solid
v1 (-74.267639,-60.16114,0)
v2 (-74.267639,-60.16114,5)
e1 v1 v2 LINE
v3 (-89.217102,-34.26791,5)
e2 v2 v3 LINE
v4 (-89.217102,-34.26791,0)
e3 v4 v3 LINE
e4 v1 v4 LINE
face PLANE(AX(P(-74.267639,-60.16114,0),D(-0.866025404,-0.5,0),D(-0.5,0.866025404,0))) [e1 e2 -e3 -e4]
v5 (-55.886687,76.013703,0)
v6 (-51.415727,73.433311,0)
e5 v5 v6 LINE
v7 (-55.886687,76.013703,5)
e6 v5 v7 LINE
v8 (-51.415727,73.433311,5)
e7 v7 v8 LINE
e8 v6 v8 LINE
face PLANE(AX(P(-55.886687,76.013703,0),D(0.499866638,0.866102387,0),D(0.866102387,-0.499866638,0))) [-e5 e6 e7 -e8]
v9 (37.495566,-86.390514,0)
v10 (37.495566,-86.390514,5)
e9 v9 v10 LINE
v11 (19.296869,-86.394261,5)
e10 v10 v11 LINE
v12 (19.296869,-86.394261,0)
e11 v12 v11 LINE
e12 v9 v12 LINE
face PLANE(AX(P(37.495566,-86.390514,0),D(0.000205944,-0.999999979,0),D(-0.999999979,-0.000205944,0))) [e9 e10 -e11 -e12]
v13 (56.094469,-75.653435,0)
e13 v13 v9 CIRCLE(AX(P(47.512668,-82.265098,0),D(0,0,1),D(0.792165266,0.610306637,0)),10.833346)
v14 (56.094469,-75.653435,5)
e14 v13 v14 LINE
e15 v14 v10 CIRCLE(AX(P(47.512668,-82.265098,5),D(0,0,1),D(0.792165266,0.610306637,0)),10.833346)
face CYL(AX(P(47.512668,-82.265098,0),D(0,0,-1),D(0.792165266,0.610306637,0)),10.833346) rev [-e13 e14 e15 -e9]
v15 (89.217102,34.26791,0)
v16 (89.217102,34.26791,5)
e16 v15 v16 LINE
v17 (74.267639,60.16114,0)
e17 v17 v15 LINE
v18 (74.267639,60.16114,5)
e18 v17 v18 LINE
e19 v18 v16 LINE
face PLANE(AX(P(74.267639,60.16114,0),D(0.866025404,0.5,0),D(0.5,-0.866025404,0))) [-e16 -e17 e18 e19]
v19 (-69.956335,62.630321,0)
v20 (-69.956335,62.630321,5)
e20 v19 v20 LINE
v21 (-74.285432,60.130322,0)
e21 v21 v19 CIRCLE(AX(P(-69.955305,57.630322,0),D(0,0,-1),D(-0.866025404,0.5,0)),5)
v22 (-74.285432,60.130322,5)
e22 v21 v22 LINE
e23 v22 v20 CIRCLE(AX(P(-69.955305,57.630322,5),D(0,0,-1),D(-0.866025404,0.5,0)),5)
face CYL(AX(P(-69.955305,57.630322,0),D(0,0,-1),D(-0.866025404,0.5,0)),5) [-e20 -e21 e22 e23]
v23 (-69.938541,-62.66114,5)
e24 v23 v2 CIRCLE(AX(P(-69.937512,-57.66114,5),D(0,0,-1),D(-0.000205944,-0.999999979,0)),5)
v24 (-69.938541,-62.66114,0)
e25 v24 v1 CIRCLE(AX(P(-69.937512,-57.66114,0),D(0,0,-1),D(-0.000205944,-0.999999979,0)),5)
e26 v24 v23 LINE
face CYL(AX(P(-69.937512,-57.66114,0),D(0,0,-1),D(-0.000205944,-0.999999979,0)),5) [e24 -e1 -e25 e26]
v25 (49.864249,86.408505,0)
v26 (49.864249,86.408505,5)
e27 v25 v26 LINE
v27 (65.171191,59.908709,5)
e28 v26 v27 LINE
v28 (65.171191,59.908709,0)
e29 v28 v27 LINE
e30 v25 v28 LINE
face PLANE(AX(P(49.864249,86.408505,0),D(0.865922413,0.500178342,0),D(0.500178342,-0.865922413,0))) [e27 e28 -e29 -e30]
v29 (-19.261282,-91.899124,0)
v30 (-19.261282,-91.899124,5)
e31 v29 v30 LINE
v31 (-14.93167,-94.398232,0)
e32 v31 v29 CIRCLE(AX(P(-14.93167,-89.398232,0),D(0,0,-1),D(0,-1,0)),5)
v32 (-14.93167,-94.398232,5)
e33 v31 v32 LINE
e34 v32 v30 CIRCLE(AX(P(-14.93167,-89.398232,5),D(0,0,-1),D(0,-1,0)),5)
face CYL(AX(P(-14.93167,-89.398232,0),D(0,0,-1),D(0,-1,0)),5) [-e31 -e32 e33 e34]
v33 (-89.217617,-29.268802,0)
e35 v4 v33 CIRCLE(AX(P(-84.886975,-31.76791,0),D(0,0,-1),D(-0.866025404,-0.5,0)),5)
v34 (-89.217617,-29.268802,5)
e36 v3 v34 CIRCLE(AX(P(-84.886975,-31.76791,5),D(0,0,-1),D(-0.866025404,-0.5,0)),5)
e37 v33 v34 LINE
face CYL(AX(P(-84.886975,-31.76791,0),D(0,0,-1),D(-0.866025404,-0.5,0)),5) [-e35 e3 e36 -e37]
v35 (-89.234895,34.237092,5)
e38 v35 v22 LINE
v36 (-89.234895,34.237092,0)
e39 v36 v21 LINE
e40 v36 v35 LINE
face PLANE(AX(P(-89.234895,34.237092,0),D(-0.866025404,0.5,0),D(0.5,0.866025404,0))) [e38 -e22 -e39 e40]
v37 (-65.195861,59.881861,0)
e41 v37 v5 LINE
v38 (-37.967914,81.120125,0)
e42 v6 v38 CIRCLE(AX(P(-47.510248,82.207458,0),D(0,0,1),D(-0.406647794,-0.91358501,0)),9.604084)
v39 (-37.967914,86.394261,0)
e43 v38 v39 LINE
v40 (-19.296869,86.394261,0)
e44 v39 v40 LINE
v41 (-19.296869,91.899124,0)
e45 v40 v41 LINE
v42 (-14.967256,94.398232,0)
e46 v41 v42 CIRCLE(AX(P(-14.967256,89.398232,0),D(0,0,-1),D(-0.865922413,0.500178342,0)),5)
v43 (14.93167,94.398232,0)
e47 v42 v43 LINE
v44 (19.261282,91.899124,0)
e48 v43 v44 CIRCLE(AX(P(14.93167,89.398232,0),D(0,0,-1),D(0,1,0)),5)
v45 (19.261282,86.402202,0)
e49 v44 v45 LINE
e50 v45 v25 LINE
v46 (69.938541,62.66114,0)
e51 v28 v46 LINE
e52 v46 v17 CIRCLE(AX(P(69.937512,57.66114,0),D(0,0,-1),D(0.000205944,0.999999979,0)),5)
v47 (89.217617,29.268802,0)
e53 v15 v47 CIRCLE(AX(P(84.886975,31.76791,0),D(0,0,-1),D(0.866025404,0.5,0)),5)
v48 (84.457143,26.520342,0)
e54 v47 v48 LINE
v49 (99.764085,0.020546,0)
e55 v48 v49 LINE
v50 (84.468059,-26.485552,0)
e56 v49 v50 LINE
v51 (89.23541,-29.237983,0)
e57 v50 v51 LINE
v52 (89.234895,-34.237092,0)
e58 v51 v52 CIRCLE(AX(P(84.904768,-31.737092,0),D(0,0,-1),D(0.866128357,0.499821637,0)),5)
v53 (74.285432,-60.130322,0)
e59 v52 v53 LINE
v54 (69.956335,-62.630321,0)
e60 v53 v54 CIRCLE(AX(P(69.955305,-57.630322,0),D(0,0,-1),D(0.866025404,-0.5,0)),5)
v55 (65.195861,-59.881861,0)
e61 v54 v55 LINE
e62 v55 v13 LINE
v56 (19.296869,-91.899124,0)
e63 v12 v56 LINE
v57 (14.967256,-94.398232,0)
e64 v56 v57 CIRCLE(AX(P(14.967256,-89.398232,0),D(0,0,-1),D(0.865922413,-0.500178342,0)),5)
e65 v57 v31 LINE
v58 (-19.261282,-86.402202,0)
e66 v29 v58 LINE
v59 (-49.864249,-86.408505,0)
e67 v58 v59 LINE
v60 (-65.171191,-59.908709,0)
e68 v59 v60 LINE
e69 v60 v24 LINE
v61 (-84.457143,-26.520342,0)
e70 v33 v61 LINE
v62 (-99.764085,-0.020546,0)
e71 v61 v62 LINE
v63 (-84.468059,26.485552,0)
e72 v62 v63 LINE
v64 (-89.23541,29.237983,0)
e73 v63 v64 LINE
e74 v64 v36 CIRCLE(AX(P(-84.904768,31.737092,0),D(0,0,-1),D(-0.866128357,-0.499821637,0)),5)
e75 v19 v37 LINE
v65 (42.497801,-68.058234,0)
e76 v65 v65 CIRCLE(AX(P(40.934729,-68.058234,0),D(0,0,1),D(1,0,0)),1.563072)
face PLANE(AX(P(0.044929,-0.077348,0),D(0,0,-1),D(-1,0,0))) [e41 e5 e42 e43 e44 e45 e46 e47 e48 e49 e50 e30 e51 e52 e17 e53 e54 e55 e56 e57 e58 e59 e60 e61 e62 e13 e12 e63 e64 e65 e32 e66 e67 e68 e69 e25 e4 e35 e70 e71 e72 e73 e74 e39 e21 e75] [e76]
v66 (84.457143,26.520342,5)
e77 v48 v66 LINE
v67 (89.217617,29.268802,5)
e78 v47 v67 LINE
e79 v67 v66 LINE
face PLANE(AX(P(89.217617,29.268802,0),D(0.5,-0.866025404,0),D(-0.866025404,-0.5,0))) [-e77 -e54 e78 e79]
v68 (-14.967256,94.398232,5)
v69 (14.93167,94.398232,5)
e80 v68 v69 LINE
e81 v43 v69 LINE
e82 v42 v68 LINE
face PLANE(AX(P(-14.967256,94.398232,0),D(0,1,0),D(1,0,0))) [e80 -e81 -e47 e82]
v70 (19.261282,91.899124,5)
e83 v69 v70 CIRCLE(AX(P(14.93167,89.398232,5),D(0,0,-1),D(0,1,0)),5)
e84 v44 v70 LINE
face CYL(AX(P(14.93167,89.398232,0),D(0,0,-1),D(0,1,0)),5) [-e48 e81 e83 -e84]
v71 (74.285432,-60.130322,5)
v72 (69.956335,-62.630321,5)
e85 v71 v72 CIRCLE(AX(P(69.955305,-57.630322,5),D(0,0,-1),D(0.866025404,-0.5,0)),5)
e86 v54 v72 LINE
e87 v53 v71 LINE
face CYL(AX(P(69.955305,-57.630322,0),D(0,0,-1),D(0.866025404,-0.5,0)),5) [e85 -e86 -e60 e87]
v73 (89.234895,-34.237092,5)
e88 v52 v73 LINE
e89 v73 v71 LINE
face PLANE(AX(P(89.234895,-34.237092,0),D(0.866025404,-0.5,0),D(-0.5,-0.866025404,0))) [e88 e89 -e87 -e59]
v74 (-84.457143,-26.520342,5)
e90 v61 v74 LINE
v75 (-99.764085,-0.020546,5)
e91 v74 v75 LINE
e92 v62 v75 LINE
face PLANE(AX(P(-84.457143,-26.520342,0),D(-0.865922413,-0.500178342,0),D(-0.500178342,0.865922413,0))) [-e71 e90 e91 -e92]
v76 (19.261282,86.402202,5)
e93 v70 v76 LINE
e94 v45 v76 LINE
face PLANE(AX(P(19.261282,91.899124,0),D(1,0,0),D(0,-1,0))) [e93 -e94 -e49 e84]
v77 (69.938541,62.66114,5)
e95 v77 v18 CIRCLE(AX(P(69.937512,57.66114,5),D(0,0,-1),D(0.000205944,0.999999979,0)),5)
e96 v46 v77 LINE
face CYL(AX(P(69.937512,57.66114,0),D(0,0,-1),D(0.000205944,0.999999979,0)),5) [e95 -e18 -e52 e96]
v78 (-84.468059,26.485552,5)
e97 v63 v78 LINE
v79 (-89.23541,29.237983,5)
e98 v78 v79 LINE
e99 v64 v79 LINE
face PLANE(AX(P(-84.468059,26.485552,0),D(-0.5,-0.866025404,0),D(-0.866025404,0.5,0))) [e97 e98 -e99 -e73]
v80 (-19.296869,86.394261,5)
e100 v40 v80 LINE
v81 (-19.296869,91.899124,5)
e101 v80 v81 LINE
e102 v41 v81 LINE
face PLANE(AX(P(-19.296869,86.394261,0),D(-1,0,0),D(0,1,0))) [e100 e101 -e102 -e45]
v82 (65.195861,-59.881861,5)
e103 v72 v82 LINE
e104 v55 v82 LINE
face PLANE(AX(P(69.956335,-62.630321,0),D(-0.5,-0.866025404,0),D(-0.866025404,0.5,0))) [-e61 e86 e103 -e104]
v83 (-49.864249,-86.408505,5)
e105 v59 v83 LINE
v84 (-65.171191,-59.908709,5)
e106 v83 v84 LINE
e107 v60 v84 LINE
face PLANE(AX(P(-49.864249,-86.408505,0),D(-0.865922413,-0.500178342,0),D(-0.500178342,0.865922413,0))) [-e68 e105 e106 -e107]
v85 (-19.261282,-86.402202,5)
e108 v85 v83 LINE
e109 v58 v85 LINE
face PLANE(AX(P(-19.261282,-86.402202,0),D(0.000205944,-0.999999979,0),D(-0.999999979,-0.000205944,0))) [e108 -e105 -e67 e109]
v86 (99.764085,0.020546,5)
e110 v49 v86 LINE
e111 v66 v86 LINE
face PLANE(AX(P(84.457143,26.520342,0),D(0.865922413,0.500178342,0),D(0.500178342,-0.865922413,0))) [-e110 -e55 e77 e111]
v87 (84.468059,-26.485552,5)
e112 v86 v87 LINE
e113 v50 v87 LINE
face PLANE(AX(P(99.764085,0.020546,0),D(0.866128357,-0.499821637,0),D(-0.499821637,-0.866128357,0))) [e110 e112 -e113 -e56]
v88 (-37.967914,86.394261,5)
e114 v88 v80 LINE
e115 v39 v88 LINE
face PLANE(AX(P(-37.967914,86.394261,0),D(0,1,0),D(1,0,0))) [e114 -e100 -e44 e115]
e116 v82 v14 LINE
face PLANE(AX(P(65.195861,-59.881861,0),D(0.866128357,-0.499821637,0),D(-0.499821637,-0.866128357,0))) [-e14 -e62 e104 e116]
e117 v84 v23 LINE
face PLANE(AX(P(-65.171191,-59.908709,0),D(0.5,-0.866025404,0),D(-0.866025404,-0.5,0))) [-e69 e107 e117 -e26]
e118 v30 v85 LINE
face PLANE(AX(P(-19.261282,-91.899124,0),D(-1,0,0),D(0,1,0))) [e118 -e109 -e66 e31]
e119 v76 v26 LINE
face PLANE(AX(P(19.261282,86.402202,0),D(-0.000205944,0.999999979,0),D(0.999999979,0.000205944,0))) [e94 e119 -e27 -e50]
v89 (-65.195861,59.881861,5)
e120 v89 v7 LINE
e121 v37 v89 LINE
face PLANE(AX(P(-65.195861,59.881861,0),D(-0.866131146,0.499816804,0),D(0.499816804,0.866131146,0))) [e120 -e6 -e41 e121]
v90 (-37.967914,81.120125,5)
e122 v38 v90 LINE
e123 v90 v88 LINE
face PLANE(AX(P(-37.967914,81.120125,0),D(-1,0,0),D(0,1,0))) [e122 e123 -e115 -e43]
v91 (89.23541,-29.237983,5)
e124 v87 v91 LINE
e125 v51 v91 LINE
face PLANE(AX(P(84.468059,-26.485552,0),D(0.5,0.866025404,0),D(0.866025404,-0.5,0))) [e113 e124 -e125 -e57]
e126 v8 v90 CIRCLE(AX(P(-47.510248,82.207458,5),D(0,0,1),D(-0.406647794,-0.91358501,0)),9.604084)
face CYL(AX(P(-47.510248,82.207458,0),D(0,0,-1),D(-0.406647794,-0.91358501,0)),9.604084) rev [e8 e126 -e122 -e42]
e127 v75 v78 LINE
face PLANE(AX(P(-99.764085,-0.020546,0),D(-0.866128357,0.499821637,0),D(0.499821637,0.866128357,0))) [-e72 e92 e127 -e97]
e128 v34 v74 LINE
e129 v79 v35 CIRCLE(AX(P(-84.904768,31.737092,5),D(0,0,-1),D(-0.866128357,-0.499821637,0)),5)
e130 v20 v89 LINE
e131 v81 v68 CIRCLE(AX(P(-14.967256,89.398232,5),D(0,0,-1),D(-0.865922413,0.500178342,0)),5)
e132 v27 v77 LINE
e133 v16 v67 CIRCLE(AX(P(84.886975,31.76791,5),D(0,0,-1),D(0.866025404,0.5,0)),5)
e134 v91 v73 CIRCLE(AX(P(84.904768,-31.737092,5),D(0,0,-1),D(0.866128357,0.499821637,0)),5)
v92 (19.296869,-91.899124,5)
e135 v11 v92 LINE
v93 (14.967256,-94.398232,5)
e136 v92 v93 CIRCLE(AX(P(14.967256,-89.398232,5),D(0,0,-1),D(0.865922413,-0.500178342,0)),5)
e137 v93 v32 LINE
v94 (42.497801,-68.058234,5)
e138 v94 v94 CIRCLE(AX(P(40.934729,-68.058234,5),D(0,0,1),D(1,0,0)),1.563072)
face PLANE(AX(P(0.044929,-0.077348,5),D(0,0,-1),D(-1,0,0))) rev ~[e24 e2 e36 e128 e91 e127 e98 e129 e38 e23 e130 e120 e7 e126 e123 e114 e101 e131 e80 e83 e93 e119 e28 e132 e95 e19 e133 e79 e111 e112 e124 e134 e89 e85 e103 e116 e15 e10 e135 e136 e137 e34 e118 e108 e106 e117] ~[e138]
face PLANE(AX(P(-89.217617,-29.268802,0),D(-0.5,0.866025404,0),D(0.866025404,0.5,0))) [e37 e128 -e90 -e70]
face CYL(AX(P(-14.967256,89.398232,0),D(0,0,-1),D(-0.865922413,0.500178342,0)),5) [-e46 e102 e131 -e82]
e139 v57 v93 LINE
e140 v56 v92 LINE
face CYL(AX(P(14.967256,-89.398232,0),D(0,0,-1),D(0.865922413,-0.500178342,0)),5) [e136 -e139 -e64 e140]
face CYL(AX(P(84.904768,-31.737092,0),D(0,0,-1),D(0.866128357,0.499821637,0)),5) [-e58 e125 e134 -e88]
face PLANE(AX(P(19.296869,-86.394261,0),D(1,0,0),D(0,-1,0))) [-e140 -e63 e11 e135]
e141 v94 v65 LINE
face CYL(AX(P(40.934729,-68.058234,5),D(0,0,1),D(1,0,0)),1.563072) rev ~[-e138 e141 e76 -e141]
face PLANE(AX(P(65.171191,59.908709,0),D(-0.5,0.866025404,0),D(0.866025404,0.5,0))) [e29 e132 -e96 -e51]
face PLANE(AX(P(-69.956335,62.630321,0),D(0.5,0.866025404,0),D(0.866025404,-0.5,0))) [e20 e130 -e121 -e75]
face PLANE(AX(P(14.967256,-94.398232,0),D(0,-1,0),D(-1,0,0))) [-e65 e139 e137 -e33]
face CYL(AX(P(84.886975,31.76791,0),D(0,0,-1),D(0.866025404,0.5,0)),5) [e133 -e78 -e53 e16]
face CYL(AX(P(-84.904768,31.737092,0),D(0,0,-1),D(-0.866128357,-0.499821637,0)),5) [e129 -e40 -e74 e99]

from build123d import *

# Parameters (mm, degrees)
SALIENTE_EXTRUIR1_DEPTH = 5
CROQUIS2_R              = 1.563071694
CORTAR_EXTRUIR1_DEPTH   = 10


with BuildPart() as part:
    # Croquis1 → Saliente-Extruir1 (new body)
    with BuildSketch(Plane.XY):
        with BuildLine():
            ThreePointArc((-51.415727165, 73.433311131), (-42.744189857, 73.869405728), (-37.96791411, 81.120124849))
            Line((-37.96791411, 81.120124849), (-37.96791411, 86.394261487))
            Line((-37.96791411, 86.394261487), (-19.296868546, 86.394261487))
            Line((-19.296868546, 86.394261487), (-19.296868546, 91.89912361))
            ThreePointArc((-19.296868546, 91.89912361), (-17.466810584, 93.728616325), (-14.967256479, 94.398231899))
            Line((-14.967256479, 94.398231899), (14.931670067, 94.398231899))
            ThreePointArc((14.931670067, 94.398231899), (17.431224172, 93.728616325), (19.261282134, 91.89912361))
            Line((19.261282134, 91.89912361), (19.261282134, 86.402202311))
            Line((19.261282134, 86.402202311), (49.864249238, 86.408504811))
            Line((49.864249238, 86.408504811), (65.171190916, 59.908709118))
            Line((65.171190916, 59.908709118), (69.938541359, 62.661140179))
            ThreePointArc((69.938541359, 62.661140179), (72.437957507, 61.991009851), (74.267638657, 60.161140285))
            Line((74.267638657, 60.161140285), (89.21710193, 34.267910351))
            ThreePointArc((89.21710193, 34.267910351), (89.886974885, 31.768425211), (89.217616699, 29.268802168))
            Line((89.217616699, 29.268802168), (84.457143211, 26.520341518))
            Line((84.457143211, 26.520341518), (99.764084889, 0.020545825))
            Line((99.764084889, 0.020545825), (84.468059462, -26.485552369))
            Line((84.468059462, -26.485552369), (89.235409905, -29.237983431))
            ThreePointArc((89.235409905, -29.237983431), (89.904768091, -31.737606474), (89.234895136, -34.237091613))
            Line((89.234895136, -34.237091613), (74.285431863, -60.130321548))
            ThreePointArc((74.285431863, -60.130321548), (72.455750713, -61.960191114), (69.956334565, -62.630321442))
            Line((69.956334565, -62.630321442), (65.195861077, -59.881860793))
            Line((65.195861077, -59.881860793), (56.094468632, -75.653435114))
            ThreePointArc((56.094468632, -75.653435114), (42.096374739, -72.88292625), (37.495566471, -86.390513573))
            Line((37.495566471, -86.390513573), (19.296868546, -86.394261487))
            Line((19.296868546, -86.394261487), (19.296868546, -91.89912361))
            ThreePointArc((19.296868546, -91.89912361), (17.466810584, -93.728616325), (14.967256479, -94.398231899))
            Line((14.967256479, -94.398231899), (-14.931670067, -94.398231899))
            ThreePointArc((-14.931670067, -94.398231899), (-17.431224172, -93.728616325), (-19.261282134, -91.89912361))
            Line((-19.261282134, -91.89912361), (-19.261282134, -86.402202311))
            Line((-19.261282134, -86.402202311), (-49.864249238, -86.408504811))
            Line((-49.864249238, -86.408504811), (-65.171190916, -59.908709118))
            Line((-65.171190916, -59.908709118), (-69.938541359, -62.661140179))
            ThreePointArc((-69.938541359, -62.661140179), (-72.437957507, -61.991009851), (-74.267638657, -60.161140285))
            Line((-74.267638657, -60.161140285), (-89.21710193, -34.267910351))
            ThreePointArc((-89.21710193, -34.267910351), (-89.886974885, -31.768425211), (-89.217616699, -29.268802168))
            Line((-89.217616699, -29.268802168), (-84.457143211, -26.520341518))
            Line((-84.457143211, -26.520341518), (-99.764084889, -0.020545825))
            Line((-99.764084889, -0.020545825), (-84.468059462, 26.485552369))
            Line((-84.468059462, 26.485552369), (-89.235409905, 29.237983431))
            ThreePointArc((-89.235409905, 29.237983431), (-89.904768091, 31.737606474), (-89.234895136, 34.237091613))
            Line((-89.234895136, 34.237091613), (-74.285431863, 60.130321548))
            ThreePointArc((-74.285431863, 60.130321548), (-72.455750713, 61.960191114), (-69.956334565, 62.630321442))
            Line((-69.956334565, 62.630321442), (-65.195861077, 59.881860793))
            Line((-65.195861077, 59.881860793), (-55.88668677, 76.013702989))
            Line((-55.88668677, 76.013702989), (-51.415727165, 73.433311131))
        make_face()
    extrude(amount=SALIENTE_EXTRUIR1_DEPTH)

    # Croquis2 → Cortar-Extruir1 (cut)
    with BuildSketch(Plane.XY.offset(5)):
        with Locations((40.934728827, -68.058233997)):
            Circle(CROQUIS2_R)
    extrude(amount=-CORTAR_EXTRUIR1_DEPTH, mode=Mode.SUBTRACT)


solid = part.part
